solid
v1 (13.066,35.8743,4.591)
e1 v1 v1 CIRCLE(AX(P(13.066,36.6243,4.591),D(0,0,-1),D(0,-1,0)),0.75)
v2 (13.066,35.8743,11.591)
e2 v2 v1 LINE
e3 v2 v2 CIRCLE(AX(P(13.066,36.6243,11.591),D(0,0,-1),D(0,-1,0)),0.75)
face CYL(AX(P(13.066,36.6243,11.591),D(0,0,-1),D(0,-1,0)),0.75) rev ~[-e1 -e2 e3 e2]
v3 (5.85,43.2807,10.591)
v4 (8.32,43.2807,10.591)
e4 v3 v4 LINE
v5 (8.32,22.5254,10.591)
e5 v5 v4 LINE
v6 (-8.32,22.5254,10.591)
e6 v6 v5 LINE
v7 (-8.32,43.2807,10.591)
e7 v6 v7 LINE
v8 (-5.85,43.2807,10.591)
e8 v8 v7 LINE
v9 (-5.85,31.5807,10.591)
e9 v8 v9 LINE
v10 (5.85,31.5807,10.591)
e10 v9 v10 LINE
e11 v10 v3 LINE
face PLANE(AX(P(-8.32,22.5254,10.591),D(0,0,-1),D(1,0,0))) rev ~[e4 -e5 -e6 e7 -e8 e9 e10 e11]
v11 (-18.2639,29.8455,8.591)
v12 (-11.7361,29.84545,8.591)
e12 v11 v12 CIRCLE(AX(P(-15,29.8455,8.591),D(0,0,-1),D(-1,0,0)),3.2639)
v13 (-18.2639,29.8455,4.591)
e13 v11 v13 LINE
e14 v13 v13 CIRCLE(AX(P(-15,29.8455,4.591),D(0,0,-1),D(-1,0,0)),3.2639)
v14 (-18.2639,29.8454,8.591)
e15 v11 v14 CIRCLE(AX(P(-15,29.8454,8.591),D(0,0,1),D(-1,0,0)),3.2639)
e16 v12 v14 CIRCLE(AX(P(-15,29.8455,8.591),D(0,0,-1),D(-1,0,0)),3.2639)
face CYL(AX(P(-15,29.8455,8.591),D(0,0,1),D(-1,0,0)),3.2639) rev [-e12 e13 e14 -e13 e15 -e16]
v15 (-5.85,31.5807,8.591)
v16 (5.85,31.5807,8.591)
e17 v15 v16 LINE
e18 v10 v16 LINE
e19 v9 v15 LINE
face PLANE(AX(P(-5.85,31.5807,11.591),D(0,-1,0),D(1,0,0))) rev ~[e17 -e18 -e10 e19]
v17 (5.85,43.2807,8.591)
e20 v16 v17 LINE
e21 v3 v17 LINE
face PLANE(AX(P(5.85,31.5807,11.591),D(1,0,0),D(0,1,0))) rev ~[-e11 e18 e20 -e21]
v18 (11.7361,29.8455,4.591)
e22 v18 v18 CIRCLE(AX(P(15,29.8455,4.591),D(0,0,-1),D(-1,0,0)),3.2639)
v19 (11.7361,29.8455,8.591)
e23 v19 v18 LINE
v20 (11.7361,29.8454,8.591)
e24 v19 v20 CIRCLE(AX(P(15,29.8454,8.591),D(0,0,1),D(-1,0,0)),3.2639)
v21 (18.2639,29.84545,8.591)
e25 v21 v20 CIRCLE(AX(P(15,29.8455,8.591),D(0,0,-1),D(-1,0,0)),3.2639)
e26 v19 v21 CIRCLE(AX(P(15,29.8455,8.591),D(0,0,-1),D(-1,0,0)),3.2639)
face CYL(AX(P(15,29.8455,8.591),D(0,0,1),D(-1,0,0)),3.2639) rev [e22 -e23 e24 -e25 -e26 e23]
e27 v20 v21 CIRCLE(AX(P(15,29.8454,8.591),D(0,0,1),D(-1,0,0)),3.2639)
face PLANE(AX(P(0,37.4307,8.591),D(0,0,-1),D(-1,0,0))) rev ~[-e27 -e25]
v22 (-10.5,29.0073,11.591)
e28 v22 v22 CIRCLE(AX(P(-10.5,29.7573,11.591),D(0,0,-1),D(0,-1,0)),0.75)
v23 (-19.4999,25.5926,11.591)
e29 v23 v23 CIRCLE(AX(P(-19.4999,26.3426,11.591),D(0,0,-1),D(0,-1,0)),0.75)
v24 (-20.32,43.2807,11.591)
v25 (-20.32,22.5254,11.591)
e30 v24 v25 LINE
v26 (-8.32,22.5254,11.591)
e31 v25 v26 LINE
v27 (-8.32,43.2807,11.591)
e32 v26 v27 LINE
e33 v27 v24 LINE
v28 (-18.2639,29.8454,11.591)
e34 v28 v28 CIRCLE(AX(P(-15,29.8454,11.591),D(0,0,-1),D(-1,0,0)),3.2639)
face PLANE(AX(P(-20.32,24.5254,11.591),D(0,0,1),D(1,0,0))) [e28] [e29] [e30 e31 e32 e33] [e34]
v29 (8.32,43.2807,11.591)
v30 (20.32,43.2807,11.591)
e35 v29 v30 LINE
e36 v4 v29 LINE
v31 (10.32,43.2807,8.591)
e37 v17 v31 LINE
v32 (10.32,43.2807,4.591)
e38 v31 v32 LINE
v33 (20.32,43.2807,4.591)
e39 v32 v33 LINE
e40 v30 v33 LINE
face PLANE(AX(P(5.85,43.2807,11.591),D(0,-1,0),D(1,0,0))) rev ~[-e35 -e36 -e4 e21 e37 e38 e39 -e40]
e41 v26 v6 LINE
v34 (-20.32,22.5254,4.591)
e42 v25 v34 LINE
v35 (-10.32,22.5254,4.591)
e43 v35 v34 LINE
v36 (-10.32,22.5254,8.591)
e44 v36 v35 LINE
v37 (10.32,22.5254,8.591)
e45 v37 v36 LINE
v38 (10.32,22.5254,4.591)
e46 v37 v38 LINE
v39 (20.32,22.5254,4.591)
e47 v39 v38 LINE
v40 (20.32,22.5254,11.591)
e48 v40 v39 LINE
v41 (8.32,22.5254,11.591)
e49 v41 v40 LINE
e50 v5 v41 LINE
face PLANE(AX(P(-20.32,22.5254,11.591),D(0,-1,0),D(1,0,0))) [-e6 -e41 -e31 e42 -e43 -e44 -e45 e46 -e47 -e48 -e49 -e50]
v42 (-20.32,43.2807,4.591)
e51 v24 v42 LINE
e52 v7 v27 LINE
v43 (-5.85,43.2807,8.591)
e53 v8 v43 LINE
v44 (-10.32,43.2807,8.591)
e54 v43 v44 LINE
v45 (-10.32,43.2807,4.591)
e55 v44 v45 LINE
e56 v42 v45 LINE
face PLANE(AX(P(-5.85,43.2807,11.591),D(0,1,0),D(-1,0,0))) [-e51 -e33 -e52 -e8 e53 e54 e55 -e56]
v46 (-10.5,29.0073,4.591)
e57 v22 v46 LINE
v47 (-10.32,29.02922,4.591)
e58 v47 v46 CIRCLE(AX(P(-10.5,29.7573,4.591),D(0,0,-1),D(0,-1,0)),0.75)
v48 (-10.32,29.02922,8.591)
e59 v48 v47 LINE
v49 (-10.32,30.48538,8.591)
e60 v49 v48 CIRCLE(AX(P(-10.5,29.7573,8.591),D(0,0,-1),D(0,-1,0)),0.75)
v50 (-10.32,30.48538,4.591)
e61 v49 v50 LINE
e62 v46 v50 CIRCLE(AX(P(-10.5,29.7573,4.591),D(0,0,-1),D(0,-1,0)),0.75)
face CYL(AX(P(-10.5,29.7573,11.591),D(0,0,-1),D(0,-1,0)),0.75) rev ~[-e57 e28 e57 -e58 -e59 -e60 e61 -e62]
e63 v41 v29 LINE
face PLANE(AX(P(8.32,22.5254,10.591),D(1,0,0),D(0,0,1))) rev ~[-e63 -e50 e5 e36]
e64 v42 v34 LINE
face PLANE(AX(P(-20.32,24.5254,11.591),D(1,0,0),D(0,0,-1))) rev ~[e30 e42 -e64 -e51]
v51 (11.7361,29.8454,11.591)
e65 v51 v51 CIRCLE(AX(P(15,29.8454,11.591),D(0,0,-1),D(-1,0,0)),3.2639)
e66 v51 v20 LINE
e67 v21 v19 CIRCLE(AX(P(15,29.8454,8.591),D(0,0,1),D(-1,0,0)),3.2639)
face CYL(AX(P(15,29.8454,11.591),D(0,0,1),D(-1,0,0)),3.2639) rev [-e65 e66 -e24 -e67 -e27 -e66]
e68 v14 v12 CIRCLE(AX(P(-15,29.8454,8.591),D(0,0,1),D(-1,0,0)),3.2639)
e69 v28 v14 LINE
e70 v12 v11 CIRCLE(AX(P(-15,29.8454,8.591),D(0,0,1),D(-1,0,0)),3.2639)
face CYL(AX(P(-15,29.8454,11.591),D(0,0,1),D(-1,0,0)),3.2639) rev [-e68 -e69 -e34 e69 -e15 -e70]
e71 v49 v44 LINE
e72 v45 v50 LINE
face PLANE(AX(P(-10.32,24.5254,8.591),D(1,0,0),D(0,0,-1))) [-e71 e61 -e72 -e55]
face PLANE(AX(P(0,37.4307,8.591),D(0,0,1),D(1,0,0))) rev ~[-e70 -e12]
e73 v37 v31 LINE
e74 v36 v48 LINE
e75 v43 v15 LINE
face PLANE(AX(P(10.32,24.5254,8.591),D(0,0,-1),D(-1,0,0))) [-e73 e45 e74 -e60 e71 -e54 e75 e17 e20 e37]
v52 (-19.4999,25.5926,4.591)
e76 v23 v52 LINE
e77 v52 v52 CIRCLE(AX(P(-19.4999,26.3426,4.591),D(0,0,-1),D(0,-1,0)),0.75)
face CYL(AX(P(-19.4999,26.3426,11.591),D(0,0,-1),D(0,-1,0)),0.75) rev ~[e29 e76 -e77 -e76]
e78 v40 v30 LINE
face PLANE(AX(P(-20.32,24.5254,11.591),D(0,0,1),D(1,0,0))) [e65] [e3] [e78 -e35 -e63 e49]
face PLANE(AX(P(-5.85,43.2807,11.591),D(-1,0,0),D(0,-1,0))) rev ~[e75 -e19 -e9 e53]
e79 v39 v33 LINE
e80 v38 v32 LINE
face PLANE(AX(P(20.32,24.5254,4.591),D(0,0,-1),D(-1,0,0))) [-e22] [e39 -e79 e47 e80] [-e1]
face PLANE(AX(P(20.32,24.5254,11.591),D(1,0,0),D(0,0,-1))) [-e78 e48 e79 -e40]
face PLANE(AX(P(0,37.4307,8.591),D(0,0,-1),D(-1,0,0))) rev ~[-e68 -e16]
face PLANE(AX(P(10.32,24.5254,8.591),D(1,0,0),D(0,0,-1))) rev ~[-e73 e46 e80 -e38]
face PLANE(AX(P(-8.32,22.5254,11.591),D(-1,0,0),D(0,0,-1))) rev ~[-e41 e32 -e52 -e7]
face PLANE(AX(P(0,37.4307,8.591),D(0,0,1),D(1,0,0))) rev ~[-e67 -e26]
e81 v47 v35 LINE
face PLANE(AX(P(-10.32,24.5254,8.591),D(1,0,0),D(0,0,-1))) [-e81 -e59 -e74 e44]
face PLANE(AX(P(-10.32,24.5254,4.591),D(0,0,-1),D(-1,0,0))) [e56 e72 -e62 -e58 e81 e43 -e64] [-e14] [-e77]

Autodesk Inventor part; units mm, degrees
ref_plane "YZ Plane" through (0, 0, 0) normal (1, 0, 0) x (0, 1, 0)
ref_plane "XZ Plane" through (0, 0, 0) normal (0, 1, 0) x (-1, 0, 0)
ref_plane "Work Plane1" through (0, 37.4307, 11.591) normal (0, 0, 1) x (1, 0, 0)
sketch "Sketch1" plane through (0, 37.4307, 11.591) normal (0, 0, 1) x (1, 0, 0)
  circle A0 centre (0, 0) radius 1.2261 construction
  line L0 (4.85, 4.85) -> (-4.85, 4.85) construction
  line L1 (-4.85, 4.85) -> (-4.85, -4.85) construction
  line L2 (-4.85, -4.85) -> (4.85, -4.85) construction
  line L3 (4.85, -4.85) -> (4.85, 4.85) construction
  line L4 (5.85, 5.85) -> (-5.85, 5.85)
  line L5 (-5.85, 5.85) -> (-5.85, -5.85)
  line L6 (-5.85, -5.85) -> (5.85, -5.85)
  line L7 (5.85, -5.85) -> (5.85, 5.85)
  line L8 (20.32, 25.4487) -> (20.32, -10.6193) projected
  line L9 (-20.32, -10.6193) -> (-20.32, 25.4487) projected
  line L10 (5.85, 5.85) -> (20.32, 5.85)
  line L11 (20.32, 5.85) -> (20.32, -5.85)
  line L12 (20.32, -5.85) -> (5.85, -5.85)
  line L13 (5.85, -5.85) -> (5.85, 5.85)
  line L14 (-5.85, 5.85) -> (-20.32, 5.85)
  line L15 (-20.32, 5.85) -> (-20.32, -5.85)
  line L16 (-20.32, -5.85) -> (-5.85, -5.85)
  line L17 (-5.85, -5.85) -> (-5.85, 5.85)
  line L18 (18.034, -12.9053) -> (-18.034, -12.9053) projected
  line L19 (20.32, -5.85) -> (-20.32, -5.85)
  line L20 (-20.32, -5.85) -> (-20.32, -12.9053)
  line L21 (-20.32, -12.9053) -> (20.32, -12.9053)
  line L22 (20.32, -12.9053) -> (20.32, -5.85)
  point P0 (0, -37.4307)
  dimension "d0" = 1
ref_plane "Work Plane2" through (-20.066, 24.7794, 0) normal (0, 0, 1) x (1, 0, 0)
extrude "Extrusion1" add sketch "Sketch1" against normal blind 3 contours L10 L8 L12 L7 | L5 L16 L9 L14 | L12 L8 L22 L21 L18 L20 L9 L16 L6
sketch "Sketch2" plane through (20.32, 24.5254, 11.591) normal (0, 0, -1) x (-1, 0, 0)
  circle A0 centre (35.32, 5.32) radius 3.0099 projected
  circle A1 centre (5.32, 5.32) radius 3.0099 projected
  circle A2 centre (35.32, 5.32) radius 3.2639 projected
  circle A3 centre (5.32, 5.32) radius 3.2639 projected
extrude "Extrusion2" cut sketch "Sketch2" along normal through all contours A0 | A1 | A2 | A3
sketch "Sketch9" plane through (0, 37.4307, 8.591) normal (0, 0, -1) x (-1, 0, 0)
  line L0 (5.85, -5.85) -> (-5.85, -5.85) projected
  circle A0 centre (-15, -7.5852) radius 3.2639 projected
  line L1 (-20.32, 5.85) -> (-20.32, -12.9053) projected
  line L2 (-20.32, -12.9053) -> (20.32, -12.9053) projected
  line L3 (20.32, -12.9053) -> (20.32, 5.85) projected
  circle A1 centre (15, -7.5852) radius 3.2639 projected
  line L4 (-5.85, 5.85) -> (-20.32, 5.85) projected
  line L5 (20.32, 5.85) -> (5.85, 5.85) projected
  line L6 (5.85, 5.85) -> (5.85, -5.85) projected
  line L7 (-5.85, -5.85) -> (-5.85, 5.85) projected
  line L8 (20.32, 5.85) -> (20.32, -12.9053) projected
  line L9 (20.32, 5.85) -> (5.85, 5.85) projected
  line L10 (20.32, -12.9053) -> (10.32, -12.9053)
  line L11 (10.32, -12.9053) -> (10.32, 5.85)
  line L12 (10.32, 5.85) -> (20.32, 5.85)
  line L13 (20.32, 5.85) -> (20.32, -12.9053)
  line L14 (-20.32, -12.9053) -> (-10.32, -12.9053)
  line L15 (-10.32, -12.9053) -> (-10.32, 5.85)
  line L16 (-10.32, 5.85) -> (-20.32, 5.85)
  line L17 (-20.32, 5.85) -> (-20.32, -12.9053)
  point P0 (0, -37.4307)
  dimension "d36" = 10
  dimension "d37" = 10
extrude "Extrusion9" add sketch "Sketch9" along normal blind 4 contours L5 L3 L2 L11 | L15 L2 L1 L4
sketch "Sketch10" plane through (-20.32, 24.5254, 11.591) normal (0, -1, 0) x (1, 0, 0)
  line L0 (0, 0) -> (40.64, 0) projected
  line L1 (0, 0) -> (0, -7) projected
  line L2 (10, -7) -> (0, -7) projected
  line L3 (10, -3) -> (10, -7) projected
  line L4 (30.64, -3) -> (10, -3) projected
  line L5 (30.64, -3) -> (30.64, -7) projected
  line L6 (40.64, -7) -> (30.64, -7) projected
  line L7 (40.64, 0) -> (40.64, -7) projected
  point P0 (20.32, -11.591)
extrude "Extrusion10" add sketch "Sketch10" along normal blind 2
sketch "Sketch11" plane through (0, 37.4307, 11.591) normal (0, 0, 1) x (1, 0, 0)
  circle A0 centre (-40.9999, 4.4119) radius 1 projected
  circle A1 centre (-19.4999, -11.0881) radius 1 projected
  circle A2 centre (-12.9999, 9.4119) radius 1 projected
  circle A3 centre (-10.5, -7.6734) radius 1 projected
  circle A4 centre (-17, 12.8266) radius 1 projected
  circle A5 centre (11, 7.8266) radius 1 projected
  point P0 (6.3071, -26.4348)
  point P1 (13.066, -0.8064)
hole "Hole1" at (13.066, 36.6243, 11.591) at (6.3071, 10.9959, 11.591) at (-40.9999, 41.8426, 11.591) at (-19.4999, 26.3426, 11.591) at (-10.5, 29.7573, 11.591) direction (0, 0, -1) diameter 1.5 end through all
sketch "Sketch12" plane through (-20.32, 22.5254, 11.591) normal (0, -1, 0) x (1, 0, 0)
  line L0 (40.64, 0) -> (0, 0) projected
  line L1 (0, 0) -> (0, -7) projected
  line L2 (0, -7) -> (10, -7) projected
  line L3 (10, -7) -> (10, -3) projected
  line L4 (10, -3) -> (30.64, -3) projected
  line L5 (30.64, -3) -> (30.64, -7) projected
  line L6 (30.64, -7) -> (40.64, -7) projected
  line L7 (40.64, -7) -> (40.64, 0) projected
  line L8 (40.64, 0) -> (26.17, 0) projected
  line L9 (28.64, 0) -> (12, 0)
  line L10 (12, 0) -> (12, -1)
  line L11 (12, -1) -> (28.64, -1)
  line L12 (28.64, -1) -> (28.64, 0)
  point P0 (20.32, -11.591)
  dimension "d49" = 1
  dimension "d52" = 2
  dimension "d53" = 2
extrude "Extrusion11" cut sketch "Sketch12" against normal through all contours L12 L11 L10 L0
properties part number "20_Adapter_Bluray_KES400_Lens_Thorlabs"
